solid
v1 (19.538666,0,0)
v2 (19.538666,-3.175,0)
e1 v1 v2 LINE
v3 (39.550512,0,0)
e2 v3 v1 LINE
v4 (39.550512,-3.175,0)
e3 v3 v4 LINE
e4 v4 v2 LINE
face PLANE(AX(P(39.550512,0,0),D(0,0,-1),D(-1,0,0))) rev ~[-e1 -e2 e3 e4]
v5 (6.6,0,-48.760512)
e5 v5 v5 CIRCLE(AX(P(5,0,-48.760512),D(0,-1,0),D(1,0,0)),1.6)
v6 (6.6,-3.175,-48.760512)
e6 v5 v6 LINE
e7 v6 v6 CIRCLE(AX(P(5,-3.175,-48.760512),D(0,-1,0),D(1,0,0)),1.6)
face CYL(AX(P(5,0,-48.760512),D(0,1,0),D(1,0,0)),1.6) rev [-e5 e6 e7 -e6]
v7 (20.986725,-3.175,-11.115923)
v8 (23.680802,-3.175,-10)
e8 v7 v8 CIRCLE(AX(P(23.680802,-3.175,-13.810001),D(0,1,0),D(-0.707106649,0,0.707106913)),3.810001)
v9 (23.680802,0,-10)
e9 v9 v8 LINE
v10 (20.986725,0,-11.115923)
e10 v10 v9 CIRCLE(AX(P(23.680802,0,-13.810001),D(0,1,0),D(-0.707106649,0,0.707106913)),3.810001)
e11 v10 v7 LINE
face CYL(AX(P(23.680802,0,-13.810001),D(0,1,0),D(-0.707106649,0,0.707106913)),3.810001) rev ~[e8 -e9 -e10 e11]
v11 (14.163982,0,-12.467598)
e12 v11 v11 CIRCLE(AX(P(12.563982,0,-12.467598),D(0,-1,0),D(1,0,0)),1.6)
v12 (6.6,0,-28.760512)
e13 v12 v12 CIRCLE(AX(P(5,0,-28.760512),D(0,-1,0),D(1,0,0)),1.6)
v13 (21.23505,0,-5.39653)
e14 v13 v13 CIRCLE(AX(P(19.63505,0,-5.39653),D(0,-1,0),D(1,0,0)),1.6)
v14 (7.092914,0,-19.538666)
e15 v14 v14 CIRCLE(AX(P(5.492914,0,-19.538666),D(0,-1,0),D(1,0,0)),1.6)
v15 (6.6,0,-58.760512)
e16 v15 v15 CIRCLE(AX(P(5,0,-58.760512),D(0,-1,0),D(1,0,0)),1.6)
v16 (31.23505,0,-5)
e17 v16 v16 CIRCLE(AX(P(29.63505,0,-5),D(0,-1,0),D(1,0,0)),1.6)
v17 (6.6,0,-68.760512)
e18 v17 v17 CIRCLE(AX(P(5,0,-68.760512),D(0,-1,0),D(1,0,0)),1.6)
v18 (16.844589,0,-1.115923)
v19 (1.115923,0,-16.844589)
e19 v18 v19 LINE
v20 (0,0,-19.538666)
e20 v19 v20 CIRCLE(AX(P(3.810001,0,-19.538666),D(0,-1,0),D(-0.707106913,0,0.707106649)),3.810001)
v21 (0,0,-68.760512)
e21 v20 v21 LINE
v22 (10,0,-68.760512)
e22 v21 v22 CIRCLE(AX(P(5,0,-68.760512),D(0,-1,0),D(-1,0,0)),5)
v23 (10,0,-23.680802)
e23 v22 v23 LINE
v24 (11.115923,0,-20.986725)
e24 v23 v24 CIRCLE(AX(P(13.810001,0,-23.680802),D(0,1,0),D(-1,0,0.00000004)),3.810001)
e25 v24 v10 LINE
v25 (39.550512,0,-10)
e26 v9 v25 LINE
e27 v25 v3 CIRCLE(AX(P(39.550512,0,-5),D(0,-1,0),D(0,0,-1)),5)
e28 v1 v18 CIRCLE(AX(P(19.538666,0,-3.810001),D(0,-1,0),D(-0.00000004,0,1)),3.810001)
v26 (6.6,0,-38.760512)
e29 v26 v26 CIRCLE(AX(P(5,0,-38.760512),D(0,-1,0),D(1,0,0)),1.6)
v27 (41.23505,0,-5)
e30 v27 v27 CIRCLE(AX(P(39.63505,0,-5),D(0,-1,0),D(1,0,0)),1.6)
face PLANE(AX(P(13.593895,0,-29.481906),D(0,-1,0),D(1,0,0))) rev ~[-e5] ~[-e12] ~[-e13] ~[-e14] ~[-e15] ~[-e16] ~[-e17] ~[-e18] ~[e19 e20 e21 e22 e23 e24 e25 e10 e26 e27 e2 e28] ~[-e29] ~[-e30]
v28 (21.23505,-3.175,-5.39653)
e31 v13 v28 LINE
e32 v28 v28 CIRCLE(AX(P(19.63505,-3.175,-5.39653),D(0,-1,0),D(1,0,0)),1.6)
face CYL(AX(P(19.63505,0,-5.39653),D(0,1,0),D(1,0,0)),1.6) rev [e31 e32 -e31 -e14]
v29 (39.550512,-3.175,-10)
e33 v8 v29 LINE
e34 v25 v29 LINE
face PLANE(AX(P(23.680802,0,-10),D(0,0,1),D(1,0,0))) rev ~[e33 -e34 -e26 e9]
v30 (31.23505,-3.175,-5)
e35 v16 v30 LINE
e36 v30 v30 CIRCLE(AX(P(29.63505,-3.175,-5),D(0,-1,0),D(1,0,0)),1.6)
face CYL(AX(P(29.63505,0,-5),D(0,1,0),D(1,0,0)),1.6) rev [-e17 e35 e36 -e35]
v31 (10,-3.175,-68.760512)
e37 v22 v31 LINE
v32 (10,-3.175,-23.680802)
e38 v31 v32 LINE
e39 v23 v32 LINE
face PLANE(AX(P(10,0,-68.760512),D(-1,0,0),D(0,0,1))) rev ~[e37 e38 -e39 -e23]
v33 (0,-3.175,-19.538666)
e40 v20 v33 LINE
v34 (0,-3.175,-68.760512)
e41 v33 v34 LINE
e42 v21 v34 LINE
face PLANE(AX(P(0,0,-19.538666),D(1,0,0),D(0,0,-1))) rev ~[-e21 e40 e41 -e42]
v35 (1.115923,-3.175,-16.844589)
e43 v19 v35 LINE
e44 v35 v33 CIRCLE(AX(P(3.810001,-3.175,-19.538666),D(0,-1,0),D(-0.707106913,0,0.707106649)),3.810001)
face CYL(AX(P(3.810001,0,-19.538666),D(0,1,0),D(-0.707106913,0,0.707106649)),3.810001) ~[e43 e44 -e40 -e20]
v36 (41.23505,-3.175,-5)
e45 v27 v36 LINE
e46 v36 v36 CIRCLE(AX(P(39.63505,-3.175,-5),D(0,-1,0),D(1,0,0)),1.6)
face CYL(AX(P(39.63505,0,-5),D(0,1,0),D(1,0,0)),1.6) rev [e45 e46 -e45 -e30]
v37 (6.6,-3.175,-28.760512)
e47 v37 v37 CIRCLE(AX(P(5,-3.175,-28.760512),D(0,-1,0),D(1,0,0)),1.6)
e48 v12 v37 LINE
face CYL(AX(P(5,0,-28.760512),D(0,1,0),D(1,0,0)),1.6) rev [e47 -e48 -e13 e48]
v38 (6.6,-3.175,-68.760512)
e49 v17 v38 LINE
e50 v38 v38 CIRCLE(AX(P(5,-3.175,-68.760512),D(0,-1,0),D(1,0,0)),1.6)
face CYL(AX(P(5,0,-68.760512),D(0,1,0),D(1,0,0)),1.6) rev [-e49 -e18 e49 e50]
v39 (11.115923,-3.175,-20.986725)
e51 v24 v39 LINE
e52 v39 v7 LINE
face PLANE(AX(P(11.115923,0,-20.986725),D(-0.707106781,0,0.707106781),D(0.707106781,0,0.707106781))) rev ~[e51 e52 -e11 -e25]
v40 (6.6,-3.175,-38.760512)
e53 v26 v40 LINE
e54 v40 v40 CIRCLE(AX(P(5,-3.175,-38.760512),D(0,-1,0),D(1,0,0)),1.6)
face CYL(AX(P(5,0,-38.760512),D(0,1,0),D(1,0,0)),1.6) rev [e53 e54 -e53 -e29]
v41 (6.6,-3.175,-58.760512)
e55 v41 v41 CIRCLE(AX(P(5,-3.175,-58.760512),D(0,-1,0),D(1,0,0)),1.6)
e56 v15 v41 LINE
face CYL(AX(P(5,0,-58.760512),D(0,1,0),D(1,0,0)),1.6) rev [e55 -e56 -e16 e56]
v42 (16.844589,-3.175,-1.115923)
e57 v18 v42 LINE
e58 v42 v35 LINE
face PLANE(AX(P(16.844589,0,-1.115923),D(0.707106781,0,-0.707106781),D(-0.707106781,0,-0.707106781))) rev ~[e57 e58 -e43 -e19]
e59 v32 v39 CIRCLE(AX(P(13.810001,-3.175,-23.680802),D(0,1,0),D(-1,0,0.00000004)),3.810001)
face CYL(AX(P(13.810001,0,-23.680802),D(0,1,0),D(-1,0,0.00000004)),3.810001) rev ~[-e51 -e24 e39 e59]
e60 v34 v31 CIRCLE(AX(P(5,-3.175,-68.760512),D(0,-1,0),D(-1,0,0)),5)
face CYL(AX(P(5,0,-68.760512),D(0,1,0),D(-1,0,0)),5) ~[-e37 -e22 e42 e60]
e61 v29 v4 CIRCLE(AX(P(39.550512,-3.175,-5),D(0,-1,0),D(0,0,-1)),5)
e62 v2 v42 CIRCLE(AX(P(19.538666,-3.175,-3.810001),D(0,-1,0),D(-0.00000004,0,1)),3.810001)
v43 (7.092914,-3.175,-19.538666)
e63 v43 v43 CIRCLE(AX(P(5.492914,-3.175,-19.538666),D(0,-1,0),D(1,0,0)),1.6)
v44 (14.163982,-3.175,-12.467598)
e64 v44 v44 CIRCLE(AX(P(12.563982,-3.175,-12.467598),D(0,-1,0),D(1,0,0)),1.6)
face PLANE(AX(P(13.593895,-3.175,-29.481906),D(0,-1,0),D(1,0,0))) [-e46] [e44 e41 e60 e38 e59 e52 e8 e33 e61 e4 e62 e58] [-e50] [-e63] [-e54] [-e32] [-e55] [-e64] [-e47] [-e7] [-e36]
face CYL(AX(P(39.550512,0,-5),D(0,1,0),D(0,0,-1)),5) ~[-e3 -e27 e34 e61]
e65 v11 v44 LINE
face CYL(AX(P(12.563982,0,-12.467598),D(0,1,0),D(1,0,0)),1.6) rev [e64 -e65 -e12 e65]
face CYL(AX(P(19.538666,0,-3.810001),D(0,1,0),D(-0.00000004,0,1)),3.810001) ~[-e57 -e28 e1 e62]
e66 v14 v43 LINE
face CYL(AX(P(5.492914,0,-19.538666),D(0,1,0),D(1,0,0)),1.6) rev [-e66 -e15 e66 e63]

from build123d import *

# Parameters (mm, degrees)
F0_R     = 1.6
F1_DEPTH = 3.175


with BuildPart() as f1:
    # F0 (on Front) → F1 (new body)
    with BuildSketch(Plane.XZ):
        with BuildLine():
            Line((0, -19.538666), (0, -68.760512))
            ThreePointArc((0, -68.760512), (5, -73.760512), (10, -68.760512))
            Line((10, -68.760512), (10, -23.680802))
            ThreePointArc((10, -23.680802), (10.290019, -22.222778), (11.115923, -20.986725))
            Line((11.115923, -20.986725), (20.986725, -11.115923))
            ThreePointArc((20.986725, -11.115923), (22.222778, -10.290019), (23.680802, -10))
            Line((23.680802, -10), (39.550512, -10))
            ThreePointArc((39.550512, -10), (44.550512, -5), (39.550512, 0))
            Line((39.550512, 0), (19.538666, 0))
            ThreePointArc((19.538666, 0), (18.080642, -0.290019), (16.844589, -1.115923))
            Line((16.844589, -1.115923), (1.115923, -16.844589))
            ThreePointArc((1.115923, -16.844589), (0.290019, -18.080642), (0, -19.538666))
        make_face()
        with Locations((5, -68.760512)):
            Circle(F0_R, mode=Mode.SUBTRACT)
        with Locations((5, -58.760512)):
            Circle(F0_R, mode=Mode.SUBTRACT)
        with Locations((5, -48.760512)):
            Circle(F0_R, mode=Mode.SUBTRACT)
        with Locations((5, -38.760512)):
            Circle(F0_R, mode=Mode.SUBTRACT)
        with Locations((5, -28.760512)):
            Circle(F0_R, mode=Mode.SUBTRACT)
        with Locations((5.492914, -19.538666)):
            Circle(F0_R, mode=Mode.SUBTRACT)
        with Locations((12.563982, -12.467598)):
            Circle(F0_R, mode=Mode.SUBTRACT)
        with Locations((19.63505, -5.39653)):
            Circle(F0_R, mode=Mode.SUBTRACT)
        with Locations((29.63505, -5)):
            Circle(F0_R, mode=Mode.SUBTRACT)
        with Locations((39.63505, -5)):
            Circle(F0_R, mode=Mode.SUBTRACT)
    extrude(amount=F1_DEPTH)


solid = f1.part
